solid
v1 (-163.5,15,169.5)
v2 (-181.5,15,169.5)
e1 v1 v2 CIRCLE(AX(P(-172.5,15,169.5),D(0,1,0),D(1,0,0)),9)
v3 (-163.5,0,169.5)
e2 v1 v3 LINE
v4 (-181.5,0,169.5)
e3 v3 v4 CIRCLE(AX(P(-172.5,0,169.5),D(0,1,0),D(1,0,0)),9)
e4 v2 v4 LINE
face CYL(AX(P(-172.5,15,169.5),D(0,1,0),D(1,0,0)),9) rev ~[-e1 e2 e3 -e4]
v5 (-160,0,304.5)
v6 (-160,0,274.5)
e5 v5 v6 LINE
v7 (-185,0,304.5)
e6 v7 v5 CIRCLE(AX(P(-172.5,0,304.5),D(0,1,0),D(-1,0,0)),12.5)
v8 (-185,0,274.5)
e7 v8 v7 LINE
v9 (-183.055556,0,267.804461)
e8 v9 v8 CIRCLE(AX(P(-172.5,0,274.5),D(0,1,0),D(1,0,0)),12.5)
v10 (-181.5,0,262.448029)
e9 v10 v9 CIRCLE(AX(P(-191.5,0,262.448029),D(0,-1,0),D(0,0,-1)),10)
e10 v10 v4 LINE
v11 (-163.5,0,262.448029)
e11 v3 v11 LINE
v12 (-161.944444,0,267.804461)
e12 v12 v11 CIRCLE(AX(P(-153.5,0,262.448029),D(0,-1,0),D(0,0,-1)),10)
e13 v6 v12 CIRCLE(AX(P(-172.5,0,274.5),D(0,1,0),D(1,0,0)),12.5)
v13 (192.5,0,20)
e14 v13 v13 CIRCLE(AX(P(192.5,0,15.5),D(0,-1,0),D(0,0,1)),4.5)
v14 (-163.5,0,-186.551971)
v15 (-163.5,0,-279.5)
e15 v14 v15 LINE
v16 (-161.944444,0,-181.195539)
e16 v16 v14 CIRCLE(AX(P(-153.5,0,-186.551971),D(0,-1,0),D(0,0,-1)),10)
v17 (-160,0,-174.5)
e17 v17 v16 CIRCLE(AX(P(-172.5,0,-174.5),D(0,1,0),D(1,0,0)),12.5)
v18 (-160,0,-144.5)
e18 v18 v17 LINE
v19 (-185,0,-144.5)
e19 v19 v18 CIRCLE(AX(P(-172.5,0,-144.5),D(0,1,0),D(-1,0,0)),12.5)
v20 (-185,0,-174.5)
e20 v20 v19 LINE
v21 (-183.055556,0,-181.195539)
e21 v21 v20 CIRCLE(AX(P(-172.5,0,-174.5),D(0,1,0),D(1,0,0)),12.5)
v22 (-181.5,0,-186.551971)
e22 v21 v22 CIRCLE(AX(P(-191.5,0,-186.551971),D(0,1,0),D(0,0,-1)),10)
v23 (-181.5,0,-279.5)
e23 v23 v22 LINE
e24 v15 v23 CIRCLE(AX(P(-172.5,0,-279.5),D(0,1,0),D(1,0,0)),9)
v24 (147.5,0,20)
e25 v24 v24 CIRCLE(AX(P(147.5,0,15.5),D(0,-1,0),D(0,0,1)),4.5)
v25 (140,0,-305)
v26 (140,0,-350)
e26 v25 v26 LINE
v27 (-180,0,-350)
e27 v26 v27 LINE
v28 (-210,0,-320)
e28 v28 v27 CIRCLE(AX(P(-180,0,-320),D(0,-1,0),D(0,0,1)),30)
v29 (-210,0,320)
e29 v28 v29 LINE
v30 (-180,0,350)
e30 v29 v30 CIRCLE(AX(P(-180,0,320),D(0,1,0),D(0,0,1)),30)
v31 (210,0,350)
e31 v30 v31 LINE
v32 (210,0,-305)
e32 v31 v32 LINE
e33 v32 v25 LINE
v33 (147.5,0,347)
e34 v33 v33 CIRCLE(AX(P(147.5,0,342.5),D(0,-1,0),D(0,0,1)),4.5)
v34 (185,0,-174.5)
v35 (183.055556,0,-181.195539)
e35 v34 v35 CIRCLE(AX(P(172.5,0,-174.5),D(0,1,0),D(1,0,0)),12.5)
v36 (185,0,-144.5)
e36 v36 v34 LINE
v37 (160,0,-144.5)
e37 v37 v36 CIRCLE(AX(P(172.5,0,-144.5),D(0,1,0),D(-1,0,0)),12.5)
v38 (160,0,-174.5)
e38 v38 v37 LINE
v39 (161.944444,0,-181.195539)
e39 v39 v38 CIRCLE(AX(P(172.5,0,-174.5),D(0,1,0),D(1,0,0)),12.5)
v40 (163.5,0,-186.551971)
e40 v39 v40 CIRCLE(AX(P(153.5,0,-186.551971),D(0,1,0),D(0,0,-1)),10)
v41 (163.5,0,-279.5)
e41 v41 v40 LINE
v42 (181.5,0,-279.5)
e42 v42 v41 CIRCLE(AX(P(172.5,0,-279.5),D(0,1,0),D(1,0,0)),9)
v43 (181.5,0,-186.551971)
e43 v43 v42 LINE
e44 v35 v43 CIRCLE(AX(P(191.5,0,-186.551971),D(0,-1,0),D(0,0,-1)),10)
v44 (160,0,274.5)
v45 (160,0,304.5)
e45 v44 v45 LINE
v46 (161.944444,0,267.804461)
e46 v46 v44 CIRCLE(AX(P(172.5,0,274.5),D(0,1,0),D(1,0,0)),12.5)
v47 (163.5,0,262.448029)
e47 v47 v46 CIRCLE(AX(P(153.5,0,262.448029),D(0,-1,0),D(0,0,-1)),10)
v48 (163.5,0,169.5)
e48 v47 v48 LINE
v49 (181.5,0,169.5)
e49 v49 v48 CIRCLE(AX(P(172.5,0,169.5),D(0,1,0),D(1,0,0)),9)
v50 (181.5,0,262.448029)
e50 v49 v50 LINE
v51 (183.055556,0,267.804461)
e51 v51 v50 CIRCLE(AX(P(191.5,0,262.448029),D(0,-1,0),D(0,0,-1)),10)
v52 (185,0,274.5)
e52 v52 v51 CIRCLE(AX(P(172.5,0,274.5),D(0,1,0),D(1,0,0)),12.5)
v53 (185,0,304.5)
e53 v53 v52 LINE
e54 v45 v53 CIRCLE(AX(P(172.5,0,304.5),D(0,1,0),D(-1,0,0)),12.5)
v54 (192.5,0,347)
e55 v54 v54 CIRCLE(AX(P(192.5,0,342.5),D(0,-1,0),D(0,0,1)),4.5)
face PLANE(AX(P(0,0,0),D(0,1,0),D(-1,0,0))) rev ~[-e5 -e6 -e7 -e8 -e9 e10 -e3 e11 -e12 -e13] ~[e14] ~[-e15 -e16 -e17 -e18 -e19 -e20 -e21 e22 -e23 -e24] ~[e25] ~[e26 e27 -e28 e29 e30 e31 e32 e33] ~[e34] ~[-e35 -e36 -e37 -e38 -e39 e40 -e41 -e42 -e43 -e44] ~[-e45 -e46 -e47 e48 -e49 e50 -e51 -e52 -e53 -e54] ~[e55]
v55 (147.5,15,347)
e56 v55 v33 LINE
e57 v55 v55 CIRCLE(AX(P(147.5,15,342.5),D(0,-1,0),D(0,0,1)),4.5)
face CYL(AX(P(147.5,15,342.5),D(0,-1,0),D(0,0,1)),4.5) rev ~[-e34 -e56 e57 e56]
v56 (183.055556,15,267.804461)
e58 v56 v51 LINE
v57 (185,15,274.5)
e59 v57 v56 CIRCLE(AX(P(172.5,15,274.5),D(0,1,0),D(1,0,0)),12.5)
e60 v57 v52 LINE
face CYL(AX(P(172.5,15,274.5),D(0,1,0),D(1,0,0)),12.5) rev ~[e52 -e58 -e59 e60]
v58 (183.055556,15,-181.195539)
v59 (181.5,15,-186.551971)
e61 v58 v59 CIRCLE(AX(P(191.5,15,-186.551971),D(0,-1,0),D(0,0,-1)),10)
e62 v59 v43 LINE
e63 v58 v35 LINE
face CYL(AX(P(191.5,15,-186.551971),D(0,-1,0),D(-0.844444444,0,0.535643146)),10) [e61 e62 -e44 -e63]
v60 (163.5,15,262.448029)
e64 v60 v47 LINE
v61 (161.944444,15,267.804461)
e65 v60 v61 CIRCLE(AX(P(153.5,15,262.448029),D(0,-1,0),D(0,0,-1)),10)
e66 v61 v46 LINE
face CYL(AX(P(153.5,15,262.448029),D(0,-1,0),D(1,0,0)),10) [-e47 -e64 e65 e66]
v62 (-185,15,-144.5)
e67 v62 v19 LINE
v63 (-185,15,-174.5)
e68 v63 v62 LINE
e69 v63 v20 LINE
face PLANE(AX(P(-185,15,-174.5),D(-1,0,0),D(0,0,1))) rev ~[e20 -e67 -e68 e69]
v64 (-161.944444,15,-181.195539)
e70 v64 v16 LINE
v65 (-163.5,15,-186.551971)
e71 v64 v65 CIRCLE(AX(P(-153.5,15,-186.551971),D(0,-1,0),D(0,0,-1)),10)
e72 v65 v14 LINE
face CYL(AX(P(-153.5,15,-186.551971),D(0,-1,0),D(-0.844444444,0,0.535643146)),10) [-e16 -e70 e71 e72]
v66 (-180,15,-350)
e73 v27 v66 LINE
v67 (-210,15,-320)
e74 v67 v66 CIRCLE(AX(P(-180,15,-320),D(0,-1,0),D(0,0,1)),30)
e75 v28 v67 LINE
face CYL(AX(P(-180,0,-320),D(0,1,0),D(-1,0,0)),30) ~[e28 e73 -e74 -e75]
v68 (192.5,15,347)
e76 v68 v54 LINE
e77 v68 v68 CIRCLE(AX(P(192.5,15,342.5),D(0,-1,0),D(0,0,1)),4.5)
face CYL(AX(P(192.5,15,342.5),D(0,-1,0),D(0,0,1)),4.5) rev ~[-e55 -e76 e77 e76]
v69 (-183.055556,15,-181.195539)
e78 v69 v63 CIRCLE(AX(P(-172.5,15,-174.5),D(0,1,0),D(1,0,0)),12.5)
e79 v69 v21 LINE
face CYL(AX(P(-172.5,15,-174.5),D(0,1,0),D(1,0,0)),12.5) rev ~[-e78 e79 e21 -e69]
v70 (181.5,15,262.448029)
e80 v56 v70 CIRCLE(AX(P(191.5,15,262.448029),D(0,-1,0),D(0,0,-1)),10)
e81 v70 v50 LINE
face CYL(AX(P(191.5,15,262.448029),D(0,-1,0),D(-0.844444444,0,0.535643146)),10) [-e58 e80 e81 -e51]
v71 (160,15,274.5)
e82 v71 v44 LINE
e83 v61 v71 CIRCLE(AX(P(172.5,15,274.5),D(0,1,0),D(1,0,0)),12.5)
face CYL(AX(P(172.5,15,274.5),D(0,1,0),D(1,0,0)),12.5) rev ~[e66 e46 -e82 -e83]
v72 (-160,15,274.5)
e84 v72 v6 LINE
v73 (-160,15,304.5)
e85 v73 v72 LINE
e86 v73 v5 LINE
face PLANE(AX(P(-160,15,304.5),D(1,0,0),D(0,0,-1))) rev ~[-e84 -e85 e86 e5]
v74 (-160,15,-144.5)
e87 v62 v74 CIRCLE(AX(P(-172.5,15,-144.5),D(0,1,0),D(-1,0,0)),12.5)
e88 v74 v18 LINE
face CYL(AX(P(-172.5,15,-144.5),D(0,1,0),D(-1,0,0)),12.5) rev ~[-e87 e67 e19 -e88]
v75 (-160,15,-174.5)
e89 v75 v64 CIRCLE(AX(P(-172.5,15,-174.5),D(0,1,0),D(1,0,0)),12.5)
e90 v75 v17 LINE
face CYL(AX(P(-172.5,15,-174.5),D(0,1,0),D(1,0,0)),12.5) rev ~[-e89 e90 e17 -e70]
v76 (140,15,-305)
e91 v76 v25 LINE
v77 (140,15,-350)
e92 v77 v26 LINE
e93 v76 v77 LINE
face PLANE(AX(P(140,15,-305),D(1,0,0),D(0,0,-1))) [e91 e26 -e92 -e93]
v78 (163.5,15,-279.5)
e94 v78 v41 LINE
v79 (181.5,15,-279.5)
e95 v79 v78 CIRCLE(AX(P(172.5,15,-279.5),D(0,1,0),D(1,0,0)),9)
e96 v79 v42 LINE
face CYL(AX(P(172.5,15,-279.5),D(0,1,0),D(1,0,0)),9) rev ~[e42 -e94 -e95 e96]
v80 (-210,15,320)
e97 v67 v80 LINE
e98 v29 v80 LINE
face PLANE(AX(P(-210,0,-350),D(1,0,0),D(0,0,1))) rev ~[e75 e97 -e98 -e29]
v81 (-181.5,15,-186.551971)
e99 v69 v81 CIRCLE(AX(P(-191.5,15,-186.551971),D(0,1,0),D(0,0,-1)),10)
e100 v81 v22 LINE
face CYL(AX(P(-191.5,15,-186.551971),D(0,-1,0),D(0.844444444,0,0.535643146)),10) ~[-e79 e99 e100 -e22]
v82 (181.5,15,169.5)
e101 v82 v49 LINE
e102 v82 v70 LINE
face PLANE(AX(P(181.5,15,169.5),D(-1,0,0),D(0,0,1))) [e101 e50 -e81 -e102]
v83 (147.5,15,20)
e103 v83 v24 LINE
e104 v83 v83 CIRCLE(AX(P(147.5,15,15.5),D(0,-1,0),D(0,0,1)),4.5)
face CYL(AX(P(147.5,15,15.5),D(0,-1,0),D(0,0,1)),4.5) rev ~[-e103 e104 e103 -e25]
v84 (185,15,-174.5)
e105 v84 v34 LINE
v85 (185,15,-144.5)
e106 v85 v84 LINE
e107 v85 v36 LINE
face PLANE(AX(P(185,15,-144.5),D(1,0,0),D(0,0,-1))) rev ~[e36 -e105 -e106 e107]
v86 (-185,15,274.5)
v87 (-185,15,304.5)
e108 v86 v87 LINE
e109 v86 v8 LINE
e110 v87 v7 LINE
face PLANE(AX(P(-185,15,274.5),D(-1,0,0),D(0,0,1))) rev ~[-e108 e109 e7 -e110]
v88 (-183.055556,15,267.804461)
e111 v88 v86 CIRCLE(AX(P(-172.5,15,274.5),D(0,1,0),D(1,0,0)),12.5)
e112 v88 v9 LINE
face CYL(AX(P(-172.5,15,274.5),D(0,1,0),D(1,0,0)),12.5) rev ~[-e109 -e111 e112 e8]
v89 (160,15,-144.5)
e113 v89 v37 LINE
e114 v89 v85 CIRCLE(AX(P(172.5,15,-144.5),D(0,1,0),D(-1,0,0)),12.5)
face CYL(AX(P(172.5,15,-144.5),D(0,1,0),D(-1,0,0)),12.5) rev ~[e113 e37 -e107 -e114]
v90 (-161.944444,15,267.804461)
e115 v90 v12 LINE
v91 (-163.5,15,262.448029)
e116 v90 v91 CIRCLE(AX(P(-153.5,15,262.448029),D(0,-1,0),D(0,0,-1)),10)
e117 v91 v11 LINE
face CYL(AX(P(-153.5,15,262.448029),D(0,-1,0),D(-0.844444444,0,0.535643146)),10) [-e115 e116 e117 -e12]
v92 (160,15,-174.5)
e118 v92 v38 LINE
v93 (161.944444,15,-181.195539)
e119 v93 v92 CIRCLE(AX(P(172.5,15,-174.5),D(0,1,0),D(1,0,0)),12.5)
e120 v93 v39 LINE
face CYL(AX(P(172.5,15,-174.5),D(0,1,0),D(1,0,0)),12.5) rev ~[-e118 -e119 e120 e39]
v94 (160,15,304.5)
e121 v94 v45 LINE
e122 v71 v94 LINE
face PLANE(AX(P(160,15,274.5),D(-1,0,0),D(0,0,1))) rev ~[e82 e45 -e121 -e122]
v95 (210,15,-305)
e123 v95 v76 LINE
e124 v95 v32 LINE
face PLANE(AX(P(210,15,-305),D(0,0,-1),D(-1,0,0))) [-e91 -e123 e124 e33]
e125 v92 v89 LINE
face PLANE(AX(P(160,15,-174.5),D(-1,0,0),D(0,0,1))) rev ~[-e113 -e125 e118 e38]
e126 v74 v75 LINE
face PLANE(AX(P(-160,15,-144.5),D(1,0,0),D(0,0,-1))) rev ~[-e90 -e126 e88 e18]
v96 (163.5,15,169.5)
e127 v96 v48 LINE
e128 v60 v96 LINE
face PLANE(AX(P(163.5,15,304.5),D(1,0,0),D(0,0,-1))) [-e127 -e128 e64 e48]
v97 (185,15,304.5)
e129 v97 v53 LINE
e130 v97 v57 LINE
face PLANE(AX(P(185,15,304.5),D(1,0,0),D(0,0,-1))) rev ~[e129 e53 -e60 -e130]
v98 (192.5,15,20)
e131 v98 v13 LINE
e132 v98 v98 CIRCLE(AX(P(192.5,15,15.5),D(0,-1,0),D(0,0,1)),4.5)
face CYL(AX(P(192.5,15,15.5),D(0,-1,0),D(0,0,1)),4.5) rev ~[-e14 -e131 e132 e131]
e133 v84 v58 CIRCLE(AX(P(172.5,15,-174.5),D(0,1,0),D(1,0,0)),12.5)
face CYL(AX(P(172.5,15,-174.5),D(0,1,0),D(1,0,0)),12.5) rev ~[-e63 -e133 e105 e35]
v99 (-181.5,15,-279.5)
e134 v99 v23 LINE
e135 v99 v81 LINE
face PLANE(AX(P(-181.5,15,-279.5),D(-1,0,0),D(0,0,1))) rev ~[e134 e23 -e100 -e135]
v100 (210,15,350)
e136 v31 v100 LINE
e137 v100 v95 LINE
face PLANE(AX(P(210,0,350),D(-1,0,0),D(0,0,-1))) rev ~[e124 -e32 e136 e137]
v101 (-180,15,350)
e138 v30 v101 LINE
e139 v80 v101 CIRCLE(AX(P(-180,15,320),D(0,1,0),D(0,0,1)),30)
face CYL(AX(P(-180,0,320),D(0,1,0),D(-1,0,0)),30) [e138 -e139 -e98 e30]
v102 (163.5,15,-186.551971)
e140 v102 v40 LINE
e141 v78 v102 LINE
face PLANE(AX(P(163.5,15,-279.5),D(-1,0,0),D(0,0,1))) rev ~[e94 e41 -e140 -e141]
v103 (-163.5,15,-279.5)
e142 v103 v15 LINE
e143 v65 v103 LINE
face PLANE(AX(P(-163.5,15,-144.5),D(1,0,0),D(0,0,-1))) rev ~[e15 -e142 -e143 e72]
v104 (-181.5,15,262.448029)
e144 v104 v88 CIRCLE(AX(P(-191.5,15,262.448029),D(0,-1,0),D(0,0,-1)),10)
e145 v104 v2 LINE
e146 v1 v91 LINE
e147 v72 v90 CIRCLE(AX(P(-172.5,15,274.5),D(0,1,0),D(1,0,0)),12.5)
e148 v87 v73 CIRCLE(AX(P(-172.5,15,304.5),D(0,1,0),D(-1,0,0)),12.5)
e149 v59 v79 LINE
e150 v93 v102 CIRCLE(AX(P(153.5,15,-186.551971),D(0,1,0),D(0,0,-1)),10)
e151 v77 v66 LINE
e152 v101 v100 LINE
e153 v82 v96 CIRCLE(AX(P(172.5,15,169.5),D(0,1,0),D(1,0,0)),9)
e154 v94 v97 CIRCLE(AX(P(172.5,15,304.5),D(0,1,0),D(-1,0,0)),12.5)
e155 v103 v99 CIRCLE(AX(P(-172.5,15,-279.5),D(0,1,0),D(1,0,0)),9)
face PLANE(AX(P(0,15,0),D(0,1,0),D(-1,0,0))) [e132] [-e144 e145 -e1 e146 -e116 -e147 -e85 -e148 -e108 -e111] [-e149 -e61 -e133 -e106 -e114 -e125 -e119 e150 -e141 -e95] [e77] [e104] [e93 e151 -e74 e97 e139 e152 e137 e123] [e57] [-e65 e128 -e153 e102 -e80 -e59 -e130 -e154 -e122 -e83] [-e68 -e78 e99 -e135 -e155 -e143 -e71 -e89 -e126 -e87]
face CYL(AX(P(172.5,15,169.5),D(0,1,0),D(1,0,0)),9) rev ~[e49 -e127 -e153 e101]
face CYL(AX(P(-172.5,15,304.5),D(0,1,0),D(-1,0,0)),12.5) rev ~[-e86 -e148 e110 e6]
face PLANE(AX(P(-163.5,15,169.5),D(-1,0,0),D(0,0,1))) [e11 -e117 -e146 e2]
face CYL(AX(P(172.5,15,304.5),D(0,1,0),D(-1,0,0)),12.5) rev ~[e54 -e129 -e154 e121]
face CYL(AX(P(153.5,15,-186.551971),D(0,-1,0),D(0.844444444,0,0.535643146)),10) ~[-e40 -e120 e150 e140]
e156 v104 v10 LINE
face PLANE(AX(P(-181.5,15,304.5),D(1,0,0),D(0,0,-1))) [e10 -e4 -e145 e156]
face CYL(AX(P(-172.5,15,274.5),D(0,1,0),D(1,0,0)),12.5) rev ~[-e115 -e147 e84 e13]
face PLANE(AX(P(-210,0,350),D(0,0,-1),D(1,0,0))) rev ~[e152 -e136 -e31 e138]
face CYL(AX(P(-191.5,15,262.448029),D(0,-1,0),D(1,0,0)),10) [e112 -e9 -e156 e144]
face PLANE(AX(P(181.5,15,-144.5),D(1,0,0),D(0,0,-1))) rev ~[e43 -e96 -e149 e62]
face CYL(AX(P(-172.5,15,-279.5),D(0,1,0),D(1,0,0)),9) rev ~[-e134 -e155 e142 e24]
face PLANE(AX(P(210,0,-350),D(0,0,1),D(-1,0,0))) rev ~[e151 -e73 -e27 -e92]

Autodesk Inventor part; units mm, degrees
ref_plane "YZ Plane" through (0, 0, 0) normal (1, 0, 0) x (0, 1, 0)
ref_plane "XZ Plane" through (0, 0, 0) normal (0, 1, 0) x (-1, 0, 0)
ref_plane "XY Plane" through (0, 0, 0) normal (0, 0, 1) x (1, 0, 0)
sketch "Sketch1" plane through (0, 0, 0) normal (0, 1, 0) x (-1, 0, 0)
  line L0 (210, 350) -> (-210, 350)
  line L1 (-210, 350) -> (-210, -350)
  line L2 (-210, -350) -> (210, -350)
  line L3 (210, -350) -> (210, 350)
  point P0 (0, 0)
  point P1 (210, 0)
  point P2 (0, -350)
  dimension "d0" = 420
  dimension "d1" = 700
extrude "Extrusion1" add sketch "Sketch1" along normal blind 15
sketch "Sketch2" plane through (0, 15, 0) normal (0, 1, 0) x (1, 0, 0)
  line L0 (-172.5, -279.5) -> (172.5, -279.5) construction
  line L1 (172.5, -279.5) -> (172.5, 169.5) construction
  line L2 (172.5, 169.5) -> (-172.5, 169.5) construction
  line L3 (-172.5, 169.5) -> (-172.5, -279.5) construction
  line L4 (-210, 350) -> (-210, -350) construction
  line L5 (210, 350) -> (-210, 350) construction
  line L6 (-210, -350) -> (210, -350) construction
  line L7 (-172.5, 144.5) -> (-172.5, 279.5) construction
  line L8 (-163.5, 144.5) -> (-163.5, 279.5)
  line L9 (-181.5, 279.5) -> (-181.5, 144.5)
  arc A0 (-181.5, 144.5) -> (-163.5, 144.5) centre (-172.5, 144.5) ccw
  arc A1 (-163.5, 279.5) -> (-181.5, 279.5) centre (-172.5, 279.5) ccw
  line L10 (-172.5, -169.5) -> (-172.5, -304.5) construction
  line L11 (-163.5, -169.5) -> (-163.5, -304.5)
  line L12 (-181.5, -304.5) -> (-181.5, -169.5)
  arc A2 (-163.5, -169.5) -> (-181.5, -169.5) centre (-172.5, -169.5) ccw
  arc A3 (-181.5, -304.5) -> (-163.5, -304.5) centre (-172.5, -304.5) ccw
  line L13 (172.5, -169.5) -> (172.5, -304.5) construction
  line L14 (181.5, -169.5) -> (181.5, -304.5)
  line L15 (163.5, -304.5) -> (163.5, -169.5)
  arc A4 (181.5, -169.5) -> (163.5, -169.5) centre (172.5, -169.5) ccw
  arc A5 (163.5, -304.5) -> (181.5, -304.5) centre (172.5, -304.5) ccw
  line L16 (172.5, 144.5) -> (172.5, 279.5) construction
  line L17 (181.5, 144.5) -> (181.5, 279.5)
  line L18 (163.5, 279.5) -> (163.5, 144.5)
  arc A6 (163.5, 144.5) -> (181.5, 144.5) centre (172.5, 144.5) ccw
  arc A7 (181.5, 279.5) -> (163.5, 279.5) centre (172.5, 279.5) ccw
  point P0 (0, 0)
  point P1 (0, 169.5)
  point P2 (-172.5, 212)
  point P3 (-172.5, -237)
  point P4 (172.5, -237)
  point P5 (172.5, 212)
  dimension "d5" = 180.5
  dimension "d7" = 18
  dimension "d9" = 25
  dimension "d10" = 110
  dimension "d11" = 110
  dimension "d12" = 25
  dimension "d46" = 345
  dimension "d47" = 449
extrude "Extrusion2" cut sketch "Sketch2" against normal blind 15
fillet "Fillet1" radius 30 2 edges at (-210, 7.5, 350) (-210, 7.5, -350)
sketch "Sketch3" plane through (0, 15, 0) normal (0, 1, 0) x (1, 0, 0)
  line L0 (147.5, -342.5) -> (192.5, -342.5) construction
  line L1 (147.5, -15.5) -> (192.5, -15.5) construction
  line L2 (147.5, 342.5) -> (192.5, 342.5) construction
  line L3 (-180, -350) -> (210, -350) construction
  line L4 (210, -350) -> (210, 350) projected
  point P0 (0, 0)
  dimension "d17" = 45
  dimension "d18" = 327
  dimension "d19" = 358
  dimension "d48" = 147.5
  dimension "d49" = 15.5
hole "Hole1" at (147.5, 15, 342.5) at (192.5, 15, 342.5) at (147.5, 15, 15.5) at (192.5, 15, 15.5) at (147.5, 15, -342.5) at (192.5, 15, -342.5) direction (0, -1, 0) diameter 9 end through all
sketch "Sketch4" plane through (0, 15, 0) normal (0, 1, 0) x (1, 0, 0)
  line L0 (210, 305) -> (140, 305)
  line L1 (140, 305) -> (140, 350)
  line L2 (210, 350) -> (-180, 350) projected
  line L3 (210, -350) -> (210, 350) projected
  point P0 (0, 0)
  point P1 (210, 285)
  dimension "d29" = 45
  dimension "d50" = 140
extrude "Extrusion3" cut sketch "Sketch4" against normal through all
sketch "Sketch5" plane through (0, 15, 0) normal (0, 1, 0) x (1, 0, 0)
  arc A0 (-163.5, -169.5) -> (-181.5, -169.5) centre (-172.5, -169.5) ccw projected
  line L0 (-163.5, -169.5) -> (-163.5, -304.5) projected
  arc A1 (-181.5, -304.5) -> (-163.5, -304.5) centre (-172.5, -304.5) ccw projected
  line L1 (-181.5, -304.5) -> (-181.5, -169.5) projected
  arc A2 (181.5, -169.5) -> (163.5, -169.5) centre (172.5, -169.5) ccw projected
  line L2 (181.5, -169.5) -> (181.5, -304.5) projected
  arc A3 (163.5, -304.5) -> (181.5, -304.5) centre (172.5, -304.5) ccw projected
  line L3 (163.5, -304.5) -> (163.5, -169.5) projected
  line L4 (-181.5, 144.5) -> (-181.5, 279.5) projected
  arc A4 (-163.5, 279.5) -> (-181.5, 279.5) centre (-172.5, 279.5) ccw projected
  line L5 (-163.5, 279.5) -> (-163.5, 144.5) projected
  arc A5 (-181.5, 144.5) -> (-163.5, 144.5) centre (-172.5, 144.5) ccw projected
  line L6 (163.5, 144.5) -> (163.5, 279.5) projected
  arc A6 (181.5, 279.5) -> (163.5, 279.5) centre (172.5, 279.5) ccw projected
  line L7 (181.5, 279.5) -> (181.5, 144.5) projected
  arc A7 (163.5, 144.5) -> (181.5, 144.5) centre (172.5, 144.5) ccw projected
  circle A8 centre (147.5, -342.5) radius 4.5 projected
  circle A9 centre (192.5, -342.5) radius 4.5 projected
  circle A10 centre (147.5, -15.5) radius 4.5 projected
  circle A11 centre (192.5, -15.5) radius 4.5 projected
  line L8 (140, 350) -> (-180, 350) projected
  arc A12 (-180, 350) -> (-210, 320) centre (-180, 320) ccw projected
  line L9 (-210, 320) -> (-210, -320) projected
  arc A13 (-210, -320) -> (-180, -350) centre (-180, -320) ccw projected
  line L10 (-180, -350) -> (210, -350) projected
  line L11 (210, -350) -> (210, 305) projected
  line L12 (210, 305) -> (140, 305) projected
  line L13 (140, 305) -> (140, 350) projected
  line L14 (-172.5, -304.5) -> (-172.5, -274.5) construction
  line L15 (-160, -304.5) -> (-160, -274.5)
  line L16 (-185, -274.5) -> (-185, -304.5)
  arc A14 (-185, -304.5) -> (-160, -304.5) centre (-172.5, -304.5) ccw
  arc A15 (-160, -274.5) -> (-185, -274.5) centre (-172.5, -274.5) ccw
  line L17 (172.5, -304.5) -> (172.5, -274.5) construction
  line L18 (185, -304.5) -> (185, -274.5)
  line L19 (160, -274.5) -> (160, -304.5)
  arc A16 (160, -304.5) -> (185, -304.5) centre (172.5, -304.5) ccw
  arc A17 (185, -274.5) -> (160, -274.5) centre (172.5, -274.5) ccw
  line L20 (172.5, 144.5) -> (172.5, 174.5) construction
  line L21 (185, 144.5) -> (185, 174.5)
  line L22 (160, 174.5) -> (160, 144.5)
  arc A18 (160, 144.5) -> (185, 144.5) centre (172.5, 144.5) ccw
  arc A19 (185, 174.5) -> (160, 174.5) centre (172.5, 174.5) ccw
  line L23 (-172.5, 144.5) -> (-172.5, 174.5) construction
  line L24 (-160, 144.5) -> (-160, 174.5)
  line L25 (-185, 174.5) -> (-185, 144.5)
  arc A20 (-185, 144.5) -> (-160, 144.5) centre (-172.5, 144.5) ccw
  arc A21 (-160, 174.5) -> (-185, 174.5) centre (-172.5, 174.5) ccw
  point P0 (0, 0)
  point P1 (-172.5, -289.5)
  point P2 (172.5, -289.5)
  point P3 (172.5, 159.5)
  point P4 (-172.5, 159.5)
  point P5 (163.5, -265.8253)
  point P6 (181.5, -265.8253)
  point P7 (163.5, 183.1747)
  point P8 (181.5, 183.1747)
  point P9 (-181.5, 183.1747)
  point P10 (-163.5, 183.1747)
  point P11 (-181.5, -265.8253)
  point P12 (-163.5, -265.8253)
  dimension "d35" = 25
  dimension "d36" = 30
  dimension "d37" = 30
  dimension "d38" = 30
  dimension "d39" = 30
  dimension "d40" = 25
  dimension "d41" = 25
  dimension "d42" = 25
extrude "Extrusion4" cut sketch "Sketch5" against normal through all contours A15 L15 A14 L16 L1 A1 L0 | A17 L18 A16 L19 L3 A3 L2 | A5 L5 A21 L24 A20 L25 L4 | A7 L7 A19 L21 A18 L22 L6
fillet "Fillet3" radius 10 8 edges at (163.5, 7.5, 265.8253) (181.5, 7.5, 265.8253) (163.5, 7.5, -183.1747) (181.5, 7.5, -183.1747) (-181.5, 7.5, -183.1747) (-163.5, 7.5, -183.1747) (-181.5, 7.5, 265.8253) (-163.5, 7.5, 265.8253)
equation "\"d0\" = width"
equation "\"d1\" = length"
equation "\"d7\" = slotdi"
equation "\"d9\" = slotb"
equation "\"d10\" = slota"
equation "\"d11\" = slota"
equation "\"d12\" = slotb"
equation "\"d35\" = slotaldi"
equation "\"d36\" = slotalign"
equation "\"d37\" = slotalign"
equation "\"d38\" = slotalign"
equation "\"d39\" = slotalign"
equation "\"d40\" = slotaldi"
equation "\"d41\" = slotaldi"
equation "\"d42\" = slotaldi"
equation "\"slota\" = 110"
equation "\"slotb\" = 25"
equation "\"slotdi\" = 18"
equation "\"slotalign\" = 30"
equation "\"slotaldi\" = 25"
equation "\"width\" = 420"
equation "\"length\" = 700"
properties part number "palp-desk" material "Aluminum 6061"
